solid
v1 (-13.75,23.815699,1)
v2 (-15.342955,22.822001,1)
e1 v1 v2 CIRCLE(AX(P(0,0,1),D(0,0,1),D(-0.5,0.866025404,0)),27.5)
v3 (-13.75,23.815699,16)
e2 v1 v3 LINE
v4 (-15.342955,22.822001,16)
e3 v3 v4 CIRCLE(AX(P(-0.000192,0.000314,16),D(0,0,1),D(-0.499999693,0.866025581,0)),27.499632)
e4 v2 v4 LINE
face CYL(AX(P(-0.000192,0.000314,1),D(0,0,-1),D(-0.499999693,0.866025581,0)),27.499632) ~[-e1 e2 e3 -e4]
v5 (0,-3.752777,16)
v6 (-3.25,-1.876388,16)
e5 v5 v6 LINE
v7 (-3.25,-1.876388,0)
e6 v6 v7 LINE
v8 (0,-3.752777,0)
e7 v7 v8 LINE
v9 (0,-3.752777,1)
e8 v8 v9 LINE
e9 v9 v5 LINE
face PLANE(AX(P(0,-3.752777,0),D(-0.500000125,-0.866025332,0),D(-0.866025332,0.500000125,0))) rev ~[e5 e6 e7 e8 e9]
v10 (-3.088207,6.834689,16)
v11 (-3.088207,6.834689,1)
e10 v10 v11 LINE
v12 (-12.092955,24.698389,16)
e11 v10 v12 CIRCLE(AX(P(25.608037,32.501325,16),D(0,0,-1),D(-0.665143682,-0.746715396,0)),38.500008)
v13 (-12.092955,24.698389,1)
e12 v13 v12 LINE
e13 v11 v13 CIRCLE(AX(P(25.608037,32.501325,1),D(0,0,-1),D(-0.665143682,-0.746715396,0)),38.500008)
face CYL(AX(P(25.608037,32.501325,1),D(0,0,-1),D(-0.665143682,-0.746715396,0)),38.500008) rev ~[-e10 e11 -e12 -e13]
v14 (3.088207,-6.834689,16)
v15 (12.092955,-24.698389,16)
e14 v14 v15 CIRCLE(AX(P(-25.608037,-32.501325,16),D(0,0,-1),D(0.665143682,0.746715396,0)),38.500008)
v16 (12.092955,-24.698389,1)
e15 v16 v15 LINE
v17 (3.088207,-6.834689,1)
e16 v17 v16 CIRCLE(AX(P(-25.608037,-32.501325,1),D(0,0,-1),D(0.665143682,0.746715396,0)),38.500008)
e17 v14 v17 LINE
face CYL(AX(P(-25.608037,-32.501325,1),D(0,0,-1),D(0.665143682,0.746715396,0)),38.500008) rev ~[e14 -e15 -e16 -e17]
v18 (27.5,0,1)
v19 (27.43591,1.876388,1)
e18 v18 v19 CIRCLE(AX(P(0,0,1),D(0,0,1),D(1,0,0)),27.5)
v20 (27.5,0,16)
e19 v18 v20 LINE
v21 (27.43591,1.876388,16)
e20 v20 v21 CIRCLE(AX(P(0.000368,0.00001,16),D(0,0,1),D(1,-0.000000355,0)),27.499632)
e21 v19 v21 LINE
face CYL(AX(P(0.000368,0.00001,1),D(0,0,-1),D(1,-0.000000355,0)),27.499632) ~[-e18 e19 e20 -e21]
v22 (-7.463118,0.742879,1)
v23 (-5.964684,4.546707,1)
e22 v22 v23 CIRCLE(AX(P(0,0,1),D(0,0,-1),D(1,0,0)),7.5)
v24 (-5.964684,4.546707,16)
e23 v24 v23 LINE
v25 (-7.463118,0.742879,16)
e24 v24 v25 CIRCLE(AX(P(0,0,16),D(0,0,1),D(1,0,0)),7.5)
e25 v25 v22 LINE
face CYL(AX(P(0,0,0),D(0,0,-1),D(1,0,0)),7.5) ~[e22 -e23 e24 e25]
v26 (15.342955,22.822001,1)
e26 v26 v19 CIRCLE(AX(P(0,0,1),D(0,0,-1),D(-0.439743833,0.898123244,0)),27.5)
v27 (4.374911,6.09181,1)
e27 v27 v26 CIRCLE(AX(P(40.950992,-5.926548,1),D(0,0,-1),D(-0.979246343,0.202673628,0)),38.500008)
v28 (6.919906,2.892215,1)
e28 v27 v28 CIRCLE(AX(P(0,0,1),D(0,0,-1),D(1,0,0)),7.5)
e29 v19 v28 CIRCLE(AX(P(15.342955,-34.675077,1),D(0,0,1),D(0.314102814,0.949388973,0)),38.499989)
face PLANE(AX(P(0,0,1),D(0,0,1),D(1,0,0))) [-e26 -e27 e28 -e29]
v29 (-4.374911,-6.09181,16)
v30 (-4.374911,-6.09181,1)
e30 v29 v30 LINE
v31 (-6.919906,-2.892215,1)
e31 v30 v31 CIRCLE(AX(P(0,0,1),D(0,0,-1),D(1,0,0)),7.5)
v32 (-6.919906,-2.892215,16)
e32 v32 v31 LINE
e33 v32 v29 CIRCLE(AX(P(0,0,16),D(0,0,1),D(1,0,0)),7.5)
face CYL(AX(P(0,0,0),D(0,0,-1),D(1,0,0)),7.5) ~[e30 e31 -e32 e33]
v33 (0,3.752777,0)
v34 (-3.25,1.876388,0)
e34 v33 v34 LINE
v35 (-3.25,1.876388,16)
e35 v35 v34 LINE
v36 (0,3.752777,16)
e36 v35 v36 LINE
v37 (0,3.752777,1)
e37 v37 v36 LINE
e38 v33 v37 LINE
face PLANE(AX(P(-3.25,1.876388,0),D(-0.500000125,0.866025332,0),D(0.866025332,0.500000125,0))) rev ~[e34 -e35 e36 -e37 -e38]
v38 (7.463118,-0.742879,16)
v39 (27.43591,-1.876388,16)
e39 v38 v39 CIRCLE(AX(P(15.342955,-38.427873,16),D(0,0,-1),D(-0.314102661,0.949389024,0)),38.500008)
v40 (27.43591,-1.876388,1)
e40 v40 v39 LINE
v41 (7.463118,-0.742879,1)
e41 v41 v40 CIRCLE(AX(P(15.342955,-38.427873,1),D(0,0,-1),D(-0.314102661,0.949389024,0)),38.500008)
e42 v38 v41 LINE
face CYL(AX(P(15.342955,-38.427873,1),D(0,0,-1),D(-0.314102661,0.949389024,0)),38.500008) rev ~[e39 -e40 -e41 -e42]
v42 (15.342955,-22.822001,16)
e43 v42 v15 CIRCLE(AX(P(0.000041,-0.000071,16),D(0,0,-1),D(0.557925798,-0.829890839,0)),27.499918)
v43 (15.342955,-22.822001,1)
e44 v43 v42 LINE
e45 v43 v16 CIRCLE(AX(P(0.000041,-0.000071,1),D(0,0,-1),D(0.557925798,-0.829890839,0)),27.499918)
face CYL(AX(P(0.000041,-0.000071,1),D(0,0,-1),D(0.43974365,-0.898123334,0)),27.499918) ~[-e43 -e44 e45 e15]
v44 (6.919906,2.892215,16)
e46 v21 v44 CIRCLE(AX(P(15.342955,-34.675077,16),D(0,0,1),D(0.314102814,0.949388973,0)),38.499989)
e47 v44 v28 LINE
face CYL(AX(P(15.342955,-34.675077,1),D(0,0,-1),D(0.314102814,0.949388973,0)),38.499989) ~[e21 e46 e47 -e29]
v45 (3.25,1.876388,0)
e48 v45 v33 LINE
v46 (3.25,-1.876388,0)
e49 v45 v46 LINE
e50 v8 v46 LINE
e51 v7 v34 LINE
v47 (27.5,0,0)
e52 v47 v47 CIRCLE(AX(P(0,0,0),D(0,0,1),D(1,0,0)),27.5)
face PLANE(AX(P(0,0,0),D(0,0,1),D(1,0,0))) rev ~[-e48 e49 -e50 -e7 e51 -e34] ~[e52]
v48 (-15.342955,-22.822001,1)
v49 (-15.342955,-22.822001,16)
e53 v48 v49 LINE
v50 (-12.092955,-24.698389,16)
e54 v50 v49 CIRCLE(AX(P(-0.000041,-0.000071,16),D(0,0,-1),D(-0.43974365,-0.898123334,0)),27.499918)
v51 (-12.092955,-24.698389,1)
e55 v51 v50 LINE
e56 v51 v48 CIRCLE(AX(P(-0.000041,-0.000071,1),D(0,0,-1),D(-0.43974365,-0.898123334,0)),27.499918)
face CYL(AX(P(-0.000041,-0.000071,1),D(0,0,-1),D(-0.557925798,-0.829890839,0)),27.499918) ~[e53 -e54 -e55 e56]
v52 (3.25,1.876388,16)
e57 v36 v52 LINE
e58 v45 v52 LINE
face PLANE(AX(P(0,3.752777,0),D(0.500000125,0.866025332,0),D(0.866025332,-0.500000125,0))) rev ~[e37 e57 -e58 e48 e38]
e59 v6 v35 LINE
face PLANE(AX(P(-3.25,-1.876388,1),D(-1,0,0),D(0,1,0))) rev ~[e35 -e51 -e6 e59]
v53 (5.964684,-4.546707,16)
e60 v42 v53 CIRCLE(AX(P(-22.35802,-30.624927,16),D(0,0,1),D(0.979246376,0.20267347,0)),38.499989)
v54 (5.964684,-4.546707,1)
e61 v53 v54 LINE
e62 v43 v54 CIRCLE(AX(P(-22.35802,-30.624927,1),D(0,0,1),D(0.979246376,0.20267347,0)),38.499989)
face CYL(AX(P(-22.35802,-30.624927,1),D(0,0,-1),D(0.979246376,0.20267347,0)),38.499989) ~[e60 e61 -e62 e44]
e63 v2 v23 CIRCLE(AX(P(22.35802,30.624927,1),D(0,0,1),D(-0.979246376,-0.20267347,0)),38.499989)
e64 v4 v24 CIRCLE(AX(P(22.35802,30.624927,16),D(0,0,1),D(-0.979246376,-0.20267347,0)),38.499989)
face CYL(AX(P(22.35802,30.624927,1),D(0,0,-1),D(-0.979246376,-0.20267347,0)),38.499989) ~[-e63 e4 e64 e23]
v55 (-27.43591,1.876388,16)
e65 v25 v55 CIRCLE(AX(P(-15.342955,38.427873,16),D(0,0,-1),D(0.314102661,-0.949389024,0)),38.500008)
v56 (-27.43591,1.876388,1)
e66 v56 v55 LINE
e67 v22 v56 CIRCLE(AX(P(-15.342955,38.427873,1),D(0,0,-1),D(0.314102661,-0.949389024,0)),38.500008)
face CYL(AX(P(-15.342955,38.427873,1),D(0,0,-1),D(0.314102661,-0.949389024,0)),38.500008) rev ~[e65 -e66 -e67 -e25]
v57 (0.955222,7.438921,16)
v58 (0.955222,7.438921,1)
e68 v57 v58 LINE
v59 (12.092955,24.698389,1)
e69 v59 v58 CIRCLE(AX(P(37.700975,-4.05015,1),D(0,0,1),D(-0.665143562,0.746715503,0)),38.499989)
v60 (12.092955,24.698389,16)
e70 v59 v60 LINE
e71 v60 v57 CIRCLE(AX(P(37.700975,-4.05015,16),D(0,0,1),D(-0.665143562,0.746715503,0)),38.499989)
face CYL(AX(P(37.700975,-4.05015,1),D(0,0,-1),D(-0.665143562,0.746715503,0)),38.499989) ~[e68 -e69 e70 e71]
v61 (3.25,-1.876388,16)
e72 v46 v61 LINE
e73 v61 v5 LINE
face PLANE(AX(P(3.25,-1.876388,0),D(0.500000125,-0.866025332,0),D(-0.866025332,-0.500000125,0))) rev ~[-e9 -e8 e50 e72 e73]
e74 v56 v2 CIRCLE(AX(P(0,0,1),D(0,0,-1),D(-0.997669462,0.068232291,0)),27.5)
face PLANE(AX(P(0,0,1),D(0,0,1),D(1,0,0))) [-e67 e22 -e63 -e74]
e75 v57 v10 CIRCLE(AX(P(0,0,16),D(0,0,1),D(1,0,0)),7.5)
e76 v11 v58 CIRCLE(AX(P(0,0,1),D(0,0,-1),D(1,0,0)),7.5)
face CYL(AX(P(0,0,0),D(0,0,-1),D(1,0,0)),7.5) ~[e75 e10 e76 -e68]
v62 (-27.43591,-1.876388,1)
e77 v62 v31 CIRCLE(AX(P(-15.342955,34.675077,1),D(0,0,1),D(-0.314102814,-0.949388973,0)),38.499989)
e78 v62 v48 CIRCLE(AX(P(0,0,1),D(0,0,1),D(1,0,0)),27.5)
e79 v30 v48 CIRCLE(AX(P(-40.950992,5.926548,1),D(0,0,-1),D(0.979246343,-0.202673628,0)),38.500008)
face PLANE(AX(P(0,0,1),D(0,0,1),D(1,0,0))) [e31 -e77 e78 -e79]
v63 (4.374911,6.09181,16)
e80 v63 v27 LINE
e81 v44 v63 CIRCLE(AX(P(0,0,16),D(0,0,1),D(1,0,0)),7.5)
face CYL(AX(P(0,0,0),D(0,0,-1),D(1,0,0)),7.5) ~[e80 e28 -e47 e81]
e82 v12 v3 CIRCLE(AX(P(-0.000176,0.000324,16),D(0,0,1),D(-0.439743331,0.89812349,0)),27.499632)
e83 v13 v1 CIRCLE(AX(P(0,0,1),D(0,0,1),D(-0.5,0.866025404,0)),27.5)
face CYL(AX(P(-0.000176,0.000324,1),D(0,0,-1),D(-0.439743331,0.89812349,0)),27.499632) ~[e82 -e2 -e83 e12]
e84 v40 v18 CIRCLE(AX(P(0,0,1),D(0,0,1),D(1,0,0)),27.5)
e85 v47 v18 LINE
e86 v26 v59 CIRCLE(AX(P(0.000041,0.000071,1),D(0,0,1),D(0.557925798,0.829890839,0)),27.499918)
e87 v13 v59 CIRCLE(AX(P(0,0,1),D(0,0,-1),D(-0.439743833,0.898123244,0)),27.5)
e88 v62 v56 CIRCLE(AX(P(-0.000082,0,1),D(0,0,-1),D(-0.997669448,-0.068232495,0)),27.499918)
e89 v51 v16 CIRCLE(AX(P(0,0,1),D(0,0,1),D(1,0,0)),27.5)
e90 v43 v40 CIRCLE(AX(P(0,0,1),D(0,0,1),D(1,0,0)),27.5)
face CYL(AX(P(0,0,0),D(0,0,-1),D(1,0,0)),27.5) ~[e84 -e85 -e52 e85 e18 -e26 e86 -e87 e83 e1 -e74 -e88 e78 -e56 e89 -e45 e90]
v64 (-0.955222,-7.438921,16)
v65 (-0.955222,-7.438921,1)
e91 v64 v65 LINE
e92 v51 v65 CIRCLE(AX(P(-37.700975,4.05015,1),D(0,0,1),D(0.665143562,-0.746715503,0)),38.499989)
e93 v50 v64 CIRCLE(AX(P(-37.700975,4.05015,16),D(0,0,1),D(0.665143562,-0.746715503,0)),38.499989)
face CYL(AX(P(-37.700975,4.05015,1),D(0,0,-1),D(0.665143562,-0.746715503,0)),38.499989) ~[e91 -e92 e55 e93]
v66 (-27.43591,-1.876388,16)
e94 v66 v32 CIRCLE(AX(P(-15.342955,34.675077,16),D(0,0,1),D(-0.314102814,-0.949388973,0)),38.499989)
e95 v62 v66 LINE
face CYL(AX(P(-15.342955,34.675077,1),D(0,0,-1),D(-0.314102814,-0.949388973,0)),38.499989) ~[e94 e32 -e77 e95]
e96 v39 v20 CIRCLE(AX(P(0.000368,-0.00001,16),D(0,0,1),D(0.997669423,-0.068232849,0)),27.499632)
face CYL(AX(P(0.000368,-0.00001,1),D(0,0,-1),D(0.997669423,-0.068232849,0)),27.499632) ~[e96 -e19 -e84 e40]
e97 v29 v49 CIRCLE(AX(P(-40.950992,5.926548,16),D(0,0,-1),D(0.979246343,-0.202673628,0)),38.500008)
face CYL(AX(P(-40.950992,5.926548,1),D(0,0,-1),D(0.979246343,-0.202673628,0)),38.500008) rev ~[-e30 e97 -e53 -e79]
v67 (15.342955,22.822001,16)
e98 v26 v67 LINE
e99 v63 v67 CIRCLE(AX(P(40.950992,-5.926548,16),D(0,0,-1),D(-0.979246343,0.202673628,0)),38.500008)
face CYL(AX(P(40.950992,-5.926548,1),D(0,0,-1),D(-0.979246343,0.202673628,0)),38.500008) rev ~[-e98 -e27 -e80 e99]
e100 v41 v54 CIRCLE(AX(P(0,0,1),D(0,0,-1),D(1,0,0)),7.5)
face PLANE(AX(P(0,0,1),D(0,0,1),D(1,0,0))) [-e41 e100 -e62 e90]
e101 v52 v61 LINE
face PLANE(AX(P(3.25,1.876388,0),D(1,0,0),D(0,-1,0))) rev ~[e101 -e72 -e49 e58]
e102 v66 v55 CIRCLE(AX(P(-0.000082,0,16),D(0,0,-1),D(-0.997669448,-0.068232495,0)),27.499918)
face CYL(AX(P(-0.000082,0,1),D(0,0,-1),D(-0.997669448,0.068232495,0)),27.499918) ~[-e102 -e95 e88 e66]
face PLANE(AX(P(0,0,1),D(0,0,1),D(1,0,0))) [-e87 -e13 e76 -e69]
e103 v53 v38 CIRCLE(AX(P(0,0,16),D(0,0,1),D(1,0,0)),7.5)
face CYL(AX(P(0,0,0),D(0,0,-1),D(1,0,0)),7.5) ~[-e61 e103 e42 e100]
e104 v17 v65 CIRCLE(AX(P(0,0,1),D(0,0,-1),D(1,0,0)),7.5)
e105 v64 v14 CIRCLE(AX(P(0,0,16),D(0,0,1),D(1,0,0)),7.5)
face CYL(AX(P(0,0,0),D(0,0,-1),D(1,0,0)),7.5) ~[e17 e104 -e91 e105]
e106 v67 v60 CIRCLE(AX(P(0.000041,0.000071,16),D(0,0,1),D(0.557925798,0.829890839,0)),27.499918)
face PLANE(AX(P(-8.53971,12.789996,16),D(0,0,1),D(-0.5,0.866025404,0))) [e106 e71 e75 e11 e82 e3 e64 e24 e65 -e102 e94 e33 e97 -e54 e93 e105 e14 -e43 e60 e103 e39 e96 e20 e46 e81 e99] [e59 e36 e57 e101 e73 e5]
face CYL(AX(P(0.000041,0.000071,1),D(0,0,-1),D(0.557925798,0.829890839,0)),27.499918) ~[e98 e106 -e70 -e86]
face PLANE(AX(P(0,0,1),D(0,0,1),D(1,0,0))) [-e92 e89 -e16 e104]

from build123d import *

# Parameters (mm, degrees)
F0_R     = 27.5
F0_R_2   = 7.5
F1_DEPTH = 1
F3_DEPTH = 15
F4_COUNT = 6
F5_DEPTH = 16


with BuildPart() as f1:
    # F0 (on Top) → F1 (new body)
    with BuildSketch(Plane.XY):
        Circle(F0_R)
        Circle(F0_R_2, mode=Mode.SUBTRACT)
        Circle(F0_R_2)
        Polygon((-3.25, 1.876388), (0, 3.752777), (3.25, 1.876388), (3.25, -1.876388), (0, -3.752777), (-3.25, -1.876388), align=None, mode=Mode.SUBTRACT)
    extrude(amount=F1_DEPTH)

    # F2 (on face) → F3 (join)
    with BuildSketch(Plane.XY.offset(1)):
        with BuildLine():
            ThreePointArc((-27.43591, 1.876388), (-27.5, 0), (-27.43591, -1.876388))
            ThreePointArc((-27.43591, -1.876388), (-15.342955, -3.824912), (-3.25, -1.876388))
            Line((-3.25, -1.876388), (-3.25, 1.876388))
            ThreePointArc((-3.25, 1.876388), (-15.342955, -0.072135), (-27.43591, 1.876388))
        make_face()
        with BuildLine():
            ThreePointArc((3.25, -1.876388), (15.342955, 0.072135), (27.43591, -1.876388))
            ThreePointArc((27.43591, -1.876388), (27.483973, -0.938741), (27.5, 0))
            ThreePointArc((27.5, 0), (27.483973, 0.938741), (27.43591, 1.876388))
            ThreePointArc((27.43591, 1.876388), (15.342955, 3.824912), (3.25, 1.876388))
            Line((3.25, 1.876388), (3.25, -1.876388))
        make_face()
    extrude(amount=F3_DEPTH)



with BuildPart() as f4_1:
    # F4: instance of F1
    add(f1.part.rotate(Axis((0, 0, 0), (0, 0, 1)), 1 * 360 / F4_COUNT))


with BuildPart() as f4_2:
    # F4: instance of F1
    add(f1.part.rotate(Axis((0, 0, 0), (0, 0, 1)), 2 * 360 / F4_COUNT))


with BuildPart() as f4_3:
    # F4: instance of F1
    add(f1.part.rotate(Axis((0, 0, 0), (0, 0, 1)), 3 * 360 / F4_COUNT))


with BuildPart() as f4_4:
    # F4: instance of F1
    add(f1.part.rotate(Axis((0, 0, 0), (0, 0, 1)), 4 * 360 / F4_COUNT))


with BuildPart() as f4_5:
    # F4: instance of F1
    add(f1.part.rotate(Axis((0, 0, 0), (0, 0, 1)), 5 * 360 / F4_COUNT))


with BuildPart() as f1_1:
    add(f1.part)

    add(f4_1.part)  # F5 merges F4_1

    add(f4_2.part)  # F5 merges F4_2

    add(f4_3.part)  # F5 merges F4_3

    add(f4_4.part)  # F5 merges F4_4

    add(f4_5.part)  # F5 merges F4_5
    # F0 (on Top) → F5 (join)
    with BuildSketch(Plane.XY):
        Circle(F0_R_2)
        Polygon((-3.25, 1.876388), (0, 3.752777), (3.25, 1.876388), (3.25, -1.876388), (0, -3.752777), (-3.25, -1.876388), align=None, mode=Mode.SUBTRACT)
    extrude(amount=F5_DEPTH)


solid = f1_1.part
